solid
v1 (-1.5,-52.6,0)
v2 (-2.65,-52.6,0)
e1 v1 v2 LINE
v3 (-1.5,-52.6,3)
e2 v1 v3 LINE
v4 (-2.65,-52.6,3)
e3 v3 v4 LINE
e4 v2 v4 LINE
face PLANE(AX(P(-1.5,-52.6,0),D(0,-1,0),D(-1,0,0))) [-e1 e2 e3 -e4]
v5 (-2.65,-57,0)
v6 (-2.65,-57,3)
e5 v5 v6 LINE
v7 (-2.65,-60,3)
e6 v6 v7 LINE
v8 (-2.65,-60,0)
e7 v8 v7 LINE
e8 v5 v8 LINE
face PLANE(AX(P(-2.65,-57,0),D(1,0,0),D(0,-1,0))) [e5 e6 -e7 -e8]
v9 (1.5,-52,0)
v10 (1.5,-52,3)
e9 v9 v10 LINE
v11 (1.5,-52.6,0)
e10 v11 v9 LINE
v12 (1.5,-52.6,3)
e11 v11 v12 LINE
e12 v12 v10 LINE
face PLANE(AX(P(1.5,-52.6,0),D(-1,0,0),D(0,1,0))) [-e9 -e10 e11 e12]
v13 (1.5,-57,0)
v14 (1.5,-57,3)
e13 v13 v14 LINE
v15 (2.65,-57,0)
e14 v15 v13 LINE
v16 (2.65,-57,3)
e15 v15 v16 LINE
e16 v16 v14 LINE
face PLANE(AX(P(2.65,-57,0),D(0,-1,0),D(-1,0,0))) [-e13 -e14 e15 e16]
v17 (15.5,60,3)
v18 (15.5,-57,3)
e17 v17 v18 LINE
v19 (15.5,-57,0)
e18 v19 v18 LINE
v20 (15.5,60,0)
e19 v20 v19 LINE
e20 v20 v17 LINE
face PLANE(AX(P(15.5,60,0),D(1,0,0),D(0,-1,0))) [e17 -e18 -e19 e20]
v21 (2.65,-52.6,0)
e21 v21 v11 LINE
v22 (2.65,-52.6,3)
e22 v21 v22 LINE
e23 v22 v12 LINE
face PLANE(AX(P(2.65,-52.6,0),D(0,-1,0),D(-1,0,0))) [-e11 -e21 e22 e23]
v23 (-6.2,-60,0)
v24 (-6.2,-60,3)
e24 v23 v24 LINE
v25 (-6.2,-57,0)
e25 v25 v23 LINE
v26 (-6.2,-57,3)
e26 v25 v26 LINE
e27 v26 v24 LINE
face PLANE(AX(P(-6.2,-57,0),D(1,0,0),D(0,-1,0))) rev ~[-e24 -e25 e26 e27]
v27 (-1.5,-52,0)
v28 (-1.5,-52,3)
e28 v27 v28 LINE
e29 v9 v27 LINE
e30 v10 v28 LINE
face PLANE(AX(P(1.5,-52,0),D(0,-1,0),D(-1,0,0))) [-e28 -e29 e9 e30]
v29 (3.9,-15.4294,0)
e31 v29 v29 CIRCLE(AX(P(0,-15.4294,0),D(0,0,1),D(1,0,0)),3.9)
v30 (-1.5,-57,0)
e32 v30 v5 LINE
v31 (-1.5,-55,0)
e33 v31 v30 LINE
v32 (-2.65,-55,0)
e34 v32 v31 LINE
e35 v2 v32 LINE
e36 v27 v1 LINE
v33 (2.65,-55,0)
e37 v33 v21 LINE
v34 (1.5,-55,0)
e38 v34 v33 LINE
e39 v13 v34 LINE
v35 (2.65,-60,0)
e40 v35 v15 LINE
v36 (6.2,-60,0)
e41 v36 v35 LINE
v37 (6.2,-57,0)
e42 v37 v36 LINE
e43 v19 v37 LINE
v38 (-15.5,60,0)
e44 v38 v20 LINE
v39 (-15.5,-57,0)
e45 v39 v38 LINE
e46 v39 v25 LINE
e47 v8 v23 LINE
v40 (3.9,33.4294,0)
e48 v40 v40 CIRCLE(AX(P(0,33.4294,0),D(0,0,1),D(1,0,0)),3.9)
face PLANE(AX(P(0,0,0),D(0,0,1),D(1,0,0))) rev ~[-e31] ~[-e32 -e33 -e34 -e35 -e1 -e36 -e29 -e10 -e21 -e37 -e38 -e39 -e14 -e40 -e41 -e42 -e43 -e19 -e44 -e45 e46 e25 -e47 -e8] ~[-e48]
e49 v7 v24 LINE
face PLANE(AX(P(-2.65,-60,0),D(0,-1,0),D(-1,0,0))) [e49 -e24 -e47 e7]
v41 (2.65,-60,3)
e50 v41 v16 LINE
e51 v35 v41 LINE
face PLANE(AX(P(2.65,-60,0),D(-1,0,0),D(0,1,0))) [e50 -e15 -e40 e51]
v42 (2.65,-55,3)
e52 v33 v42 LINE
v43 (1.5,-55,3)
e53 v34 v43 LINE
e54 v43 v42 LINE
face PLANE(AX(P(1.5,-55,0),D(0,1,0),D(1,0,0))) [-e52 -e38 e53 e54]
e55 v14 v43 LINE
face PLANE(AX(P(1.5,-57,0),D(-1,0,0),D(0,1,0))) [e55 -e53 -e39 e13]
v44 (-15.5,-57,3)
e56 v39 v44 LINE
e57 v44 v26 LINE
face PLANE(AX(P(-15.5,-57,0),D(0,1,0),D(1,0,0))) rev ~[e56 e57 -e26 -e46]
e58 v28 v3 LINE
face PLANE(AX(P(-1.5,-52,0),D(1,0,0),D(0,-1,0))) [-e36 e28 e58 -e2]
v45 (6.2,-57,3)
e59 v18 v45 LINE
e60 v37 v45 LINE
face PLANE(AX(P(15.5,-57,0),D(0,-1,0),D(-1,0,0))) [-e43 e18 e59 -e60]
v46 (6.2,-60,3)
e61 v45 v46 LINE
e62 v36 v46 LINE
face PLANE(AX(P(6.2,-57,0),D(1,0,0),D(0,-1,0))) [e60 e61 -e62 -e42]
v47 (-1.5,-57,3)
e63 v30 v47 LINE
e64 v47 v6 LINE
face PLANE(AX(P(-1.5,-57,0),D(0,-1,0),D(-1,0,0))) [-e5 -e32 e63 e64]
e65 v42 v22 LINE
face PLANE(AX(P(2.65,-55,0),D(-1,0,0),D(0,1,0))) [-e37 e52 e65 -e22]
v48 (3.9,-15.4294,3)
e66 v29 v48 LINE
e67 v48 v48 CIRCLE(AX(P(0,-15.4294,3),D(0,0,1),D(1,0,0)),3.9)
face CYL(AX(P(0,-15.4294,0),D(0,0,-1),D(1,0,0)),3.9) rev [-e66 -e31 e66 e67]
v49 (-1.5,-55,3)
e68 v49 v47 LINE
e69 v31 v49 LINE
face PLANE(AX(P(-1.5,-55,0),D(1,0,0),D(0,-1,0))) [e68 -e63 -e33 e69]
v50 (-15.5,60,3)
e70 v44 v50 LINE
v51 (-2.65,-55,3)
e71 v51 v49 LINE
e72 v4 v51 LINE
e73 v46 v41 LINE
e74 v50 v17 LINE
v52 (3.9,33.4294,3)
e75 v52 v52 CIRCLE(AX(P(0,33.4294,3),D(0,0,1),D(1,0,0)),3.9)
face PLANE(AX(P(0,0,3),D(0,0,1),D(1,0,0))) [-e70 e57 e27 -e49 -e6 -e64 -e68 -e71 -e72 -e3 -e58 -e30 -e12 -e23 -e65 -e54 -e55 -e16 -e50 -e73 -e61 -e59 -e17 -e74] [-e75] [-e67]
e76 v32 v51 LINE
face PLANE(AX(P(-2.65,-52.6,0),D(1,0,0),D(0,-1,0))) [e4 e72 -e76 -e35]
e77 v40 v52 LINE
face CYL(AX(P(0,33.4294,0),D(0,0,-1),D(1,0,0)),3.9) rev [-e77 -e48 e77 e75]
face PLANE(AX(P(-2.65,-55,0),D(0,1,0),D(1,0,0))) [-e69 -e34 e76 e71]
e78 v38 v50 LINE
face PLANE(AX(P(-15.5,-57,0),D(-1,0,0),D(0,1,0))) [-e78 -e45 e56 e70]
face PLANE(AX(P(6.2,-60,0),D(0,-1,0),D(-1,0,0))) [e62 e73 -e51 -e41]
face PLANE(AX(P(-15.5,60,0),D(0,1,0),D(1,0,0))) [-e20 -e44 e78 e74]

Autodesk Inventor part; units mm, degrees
ref_plane "YZ Plane" through (0, 0, 0) normal (1, 0, 0) x (0, 1, 0)
ref_plane "XZ Plane" through (0, 0, 0) normal (0, 1, 0) x (-1, 0, 0)
ref_plane "XY Plane" through (0, 0, 0) normal (0, 0, 1) x (1, 0, 0)
sketch "Sketch1" plane through (0, 0, 0) normal (0, 0, 1) x (1, 0, 0)
  line L0 (-15.5, 60) -> (15.5, 60)
  line L1 (15.5, 60) -> (15.5, -57)
  line L2 (-15.5, -57) -> (-15.5, 60)
  line L3 (-15.5, 60) -> (15.5, -60) construction
  line L4 (15.5, 60) -> (-15.5, -60) construction
  line L5 (15.5, -57) -> (6.2, -57)
  line L6 (6.2, -57) -> (6.2, -60)
  line L7 (2.65, -60) -> (2.65, -57)
  line L8 (2.65, -57) -> (1.5, -57)
  line L9 (1.5, -57) -> (1.5, -55)
  line L10 (1.5, -55) -> (2.65, -55)
  line L11 (2.65, -55) -> (2.65, -52.6)
  line L12 (2.65, -52.6) -> (1.5, -52.6)
  line L13 (1.5, -52.6) -> (1.5, -52)
  line L14 (1.5, -52) -> (-1.5, -52)
  line L15 (-1.5, -52) -> (-1.5, -52.6)
  line L16 (-1.5, -52.6) -> (-2.65, -52.6)
  line L17 (-2.65, -52.6) -> (-2.65, -55)
  line L18 (-2.65, -55) -> (-1.5, -55)
  line L19 (-1.5, -57) -> (-2.65, -57)
  line L20 (-1.5, -55) -> (-1.5, -57)
  line L21 (-2.65, -57) -> (-2.65, -60)
  line L22 (-15.5, -57) -> (-6.2, -57)
  line L23 (-6.2, -57) -> (-6.2, -60)
  line L24 (0, -51.179) -> (0, -61.7681) construction
  line L25 (6.2, -60) -> (2.65, -60)
  line L26 (-2.65, -60) -> (-6.2, -60)
  line L27 (-24.2882, 0) -> (26.7754, 0) construction
  circle A0 centre (0, -15.4294) radius 3.9
  circle A1 centre (0, 33.4294) radius 3.9
  point P0 (0, 0)
  dimension "d0" = 31
  dimension "d4" = 3
  dimension "d6" = 3
  dimension "d7" = 2.4
  dimension "d10" = 5.3
  dimension "d11" = 8
  dimension "d12" = 5
  dimension "d13" = 12.4
  dimension "d14" = 7.8
  dimension "d15" = 44.5706
  dimension "d16" = 7.8
  dimension "d17" = 93.4294
extrude "Extrusion1" add sketch "Sketch1" along normal blind 3
equation "\"d13\" = 0.4 * d0"
properties part number "Y-Shaft-Holder-Front"
